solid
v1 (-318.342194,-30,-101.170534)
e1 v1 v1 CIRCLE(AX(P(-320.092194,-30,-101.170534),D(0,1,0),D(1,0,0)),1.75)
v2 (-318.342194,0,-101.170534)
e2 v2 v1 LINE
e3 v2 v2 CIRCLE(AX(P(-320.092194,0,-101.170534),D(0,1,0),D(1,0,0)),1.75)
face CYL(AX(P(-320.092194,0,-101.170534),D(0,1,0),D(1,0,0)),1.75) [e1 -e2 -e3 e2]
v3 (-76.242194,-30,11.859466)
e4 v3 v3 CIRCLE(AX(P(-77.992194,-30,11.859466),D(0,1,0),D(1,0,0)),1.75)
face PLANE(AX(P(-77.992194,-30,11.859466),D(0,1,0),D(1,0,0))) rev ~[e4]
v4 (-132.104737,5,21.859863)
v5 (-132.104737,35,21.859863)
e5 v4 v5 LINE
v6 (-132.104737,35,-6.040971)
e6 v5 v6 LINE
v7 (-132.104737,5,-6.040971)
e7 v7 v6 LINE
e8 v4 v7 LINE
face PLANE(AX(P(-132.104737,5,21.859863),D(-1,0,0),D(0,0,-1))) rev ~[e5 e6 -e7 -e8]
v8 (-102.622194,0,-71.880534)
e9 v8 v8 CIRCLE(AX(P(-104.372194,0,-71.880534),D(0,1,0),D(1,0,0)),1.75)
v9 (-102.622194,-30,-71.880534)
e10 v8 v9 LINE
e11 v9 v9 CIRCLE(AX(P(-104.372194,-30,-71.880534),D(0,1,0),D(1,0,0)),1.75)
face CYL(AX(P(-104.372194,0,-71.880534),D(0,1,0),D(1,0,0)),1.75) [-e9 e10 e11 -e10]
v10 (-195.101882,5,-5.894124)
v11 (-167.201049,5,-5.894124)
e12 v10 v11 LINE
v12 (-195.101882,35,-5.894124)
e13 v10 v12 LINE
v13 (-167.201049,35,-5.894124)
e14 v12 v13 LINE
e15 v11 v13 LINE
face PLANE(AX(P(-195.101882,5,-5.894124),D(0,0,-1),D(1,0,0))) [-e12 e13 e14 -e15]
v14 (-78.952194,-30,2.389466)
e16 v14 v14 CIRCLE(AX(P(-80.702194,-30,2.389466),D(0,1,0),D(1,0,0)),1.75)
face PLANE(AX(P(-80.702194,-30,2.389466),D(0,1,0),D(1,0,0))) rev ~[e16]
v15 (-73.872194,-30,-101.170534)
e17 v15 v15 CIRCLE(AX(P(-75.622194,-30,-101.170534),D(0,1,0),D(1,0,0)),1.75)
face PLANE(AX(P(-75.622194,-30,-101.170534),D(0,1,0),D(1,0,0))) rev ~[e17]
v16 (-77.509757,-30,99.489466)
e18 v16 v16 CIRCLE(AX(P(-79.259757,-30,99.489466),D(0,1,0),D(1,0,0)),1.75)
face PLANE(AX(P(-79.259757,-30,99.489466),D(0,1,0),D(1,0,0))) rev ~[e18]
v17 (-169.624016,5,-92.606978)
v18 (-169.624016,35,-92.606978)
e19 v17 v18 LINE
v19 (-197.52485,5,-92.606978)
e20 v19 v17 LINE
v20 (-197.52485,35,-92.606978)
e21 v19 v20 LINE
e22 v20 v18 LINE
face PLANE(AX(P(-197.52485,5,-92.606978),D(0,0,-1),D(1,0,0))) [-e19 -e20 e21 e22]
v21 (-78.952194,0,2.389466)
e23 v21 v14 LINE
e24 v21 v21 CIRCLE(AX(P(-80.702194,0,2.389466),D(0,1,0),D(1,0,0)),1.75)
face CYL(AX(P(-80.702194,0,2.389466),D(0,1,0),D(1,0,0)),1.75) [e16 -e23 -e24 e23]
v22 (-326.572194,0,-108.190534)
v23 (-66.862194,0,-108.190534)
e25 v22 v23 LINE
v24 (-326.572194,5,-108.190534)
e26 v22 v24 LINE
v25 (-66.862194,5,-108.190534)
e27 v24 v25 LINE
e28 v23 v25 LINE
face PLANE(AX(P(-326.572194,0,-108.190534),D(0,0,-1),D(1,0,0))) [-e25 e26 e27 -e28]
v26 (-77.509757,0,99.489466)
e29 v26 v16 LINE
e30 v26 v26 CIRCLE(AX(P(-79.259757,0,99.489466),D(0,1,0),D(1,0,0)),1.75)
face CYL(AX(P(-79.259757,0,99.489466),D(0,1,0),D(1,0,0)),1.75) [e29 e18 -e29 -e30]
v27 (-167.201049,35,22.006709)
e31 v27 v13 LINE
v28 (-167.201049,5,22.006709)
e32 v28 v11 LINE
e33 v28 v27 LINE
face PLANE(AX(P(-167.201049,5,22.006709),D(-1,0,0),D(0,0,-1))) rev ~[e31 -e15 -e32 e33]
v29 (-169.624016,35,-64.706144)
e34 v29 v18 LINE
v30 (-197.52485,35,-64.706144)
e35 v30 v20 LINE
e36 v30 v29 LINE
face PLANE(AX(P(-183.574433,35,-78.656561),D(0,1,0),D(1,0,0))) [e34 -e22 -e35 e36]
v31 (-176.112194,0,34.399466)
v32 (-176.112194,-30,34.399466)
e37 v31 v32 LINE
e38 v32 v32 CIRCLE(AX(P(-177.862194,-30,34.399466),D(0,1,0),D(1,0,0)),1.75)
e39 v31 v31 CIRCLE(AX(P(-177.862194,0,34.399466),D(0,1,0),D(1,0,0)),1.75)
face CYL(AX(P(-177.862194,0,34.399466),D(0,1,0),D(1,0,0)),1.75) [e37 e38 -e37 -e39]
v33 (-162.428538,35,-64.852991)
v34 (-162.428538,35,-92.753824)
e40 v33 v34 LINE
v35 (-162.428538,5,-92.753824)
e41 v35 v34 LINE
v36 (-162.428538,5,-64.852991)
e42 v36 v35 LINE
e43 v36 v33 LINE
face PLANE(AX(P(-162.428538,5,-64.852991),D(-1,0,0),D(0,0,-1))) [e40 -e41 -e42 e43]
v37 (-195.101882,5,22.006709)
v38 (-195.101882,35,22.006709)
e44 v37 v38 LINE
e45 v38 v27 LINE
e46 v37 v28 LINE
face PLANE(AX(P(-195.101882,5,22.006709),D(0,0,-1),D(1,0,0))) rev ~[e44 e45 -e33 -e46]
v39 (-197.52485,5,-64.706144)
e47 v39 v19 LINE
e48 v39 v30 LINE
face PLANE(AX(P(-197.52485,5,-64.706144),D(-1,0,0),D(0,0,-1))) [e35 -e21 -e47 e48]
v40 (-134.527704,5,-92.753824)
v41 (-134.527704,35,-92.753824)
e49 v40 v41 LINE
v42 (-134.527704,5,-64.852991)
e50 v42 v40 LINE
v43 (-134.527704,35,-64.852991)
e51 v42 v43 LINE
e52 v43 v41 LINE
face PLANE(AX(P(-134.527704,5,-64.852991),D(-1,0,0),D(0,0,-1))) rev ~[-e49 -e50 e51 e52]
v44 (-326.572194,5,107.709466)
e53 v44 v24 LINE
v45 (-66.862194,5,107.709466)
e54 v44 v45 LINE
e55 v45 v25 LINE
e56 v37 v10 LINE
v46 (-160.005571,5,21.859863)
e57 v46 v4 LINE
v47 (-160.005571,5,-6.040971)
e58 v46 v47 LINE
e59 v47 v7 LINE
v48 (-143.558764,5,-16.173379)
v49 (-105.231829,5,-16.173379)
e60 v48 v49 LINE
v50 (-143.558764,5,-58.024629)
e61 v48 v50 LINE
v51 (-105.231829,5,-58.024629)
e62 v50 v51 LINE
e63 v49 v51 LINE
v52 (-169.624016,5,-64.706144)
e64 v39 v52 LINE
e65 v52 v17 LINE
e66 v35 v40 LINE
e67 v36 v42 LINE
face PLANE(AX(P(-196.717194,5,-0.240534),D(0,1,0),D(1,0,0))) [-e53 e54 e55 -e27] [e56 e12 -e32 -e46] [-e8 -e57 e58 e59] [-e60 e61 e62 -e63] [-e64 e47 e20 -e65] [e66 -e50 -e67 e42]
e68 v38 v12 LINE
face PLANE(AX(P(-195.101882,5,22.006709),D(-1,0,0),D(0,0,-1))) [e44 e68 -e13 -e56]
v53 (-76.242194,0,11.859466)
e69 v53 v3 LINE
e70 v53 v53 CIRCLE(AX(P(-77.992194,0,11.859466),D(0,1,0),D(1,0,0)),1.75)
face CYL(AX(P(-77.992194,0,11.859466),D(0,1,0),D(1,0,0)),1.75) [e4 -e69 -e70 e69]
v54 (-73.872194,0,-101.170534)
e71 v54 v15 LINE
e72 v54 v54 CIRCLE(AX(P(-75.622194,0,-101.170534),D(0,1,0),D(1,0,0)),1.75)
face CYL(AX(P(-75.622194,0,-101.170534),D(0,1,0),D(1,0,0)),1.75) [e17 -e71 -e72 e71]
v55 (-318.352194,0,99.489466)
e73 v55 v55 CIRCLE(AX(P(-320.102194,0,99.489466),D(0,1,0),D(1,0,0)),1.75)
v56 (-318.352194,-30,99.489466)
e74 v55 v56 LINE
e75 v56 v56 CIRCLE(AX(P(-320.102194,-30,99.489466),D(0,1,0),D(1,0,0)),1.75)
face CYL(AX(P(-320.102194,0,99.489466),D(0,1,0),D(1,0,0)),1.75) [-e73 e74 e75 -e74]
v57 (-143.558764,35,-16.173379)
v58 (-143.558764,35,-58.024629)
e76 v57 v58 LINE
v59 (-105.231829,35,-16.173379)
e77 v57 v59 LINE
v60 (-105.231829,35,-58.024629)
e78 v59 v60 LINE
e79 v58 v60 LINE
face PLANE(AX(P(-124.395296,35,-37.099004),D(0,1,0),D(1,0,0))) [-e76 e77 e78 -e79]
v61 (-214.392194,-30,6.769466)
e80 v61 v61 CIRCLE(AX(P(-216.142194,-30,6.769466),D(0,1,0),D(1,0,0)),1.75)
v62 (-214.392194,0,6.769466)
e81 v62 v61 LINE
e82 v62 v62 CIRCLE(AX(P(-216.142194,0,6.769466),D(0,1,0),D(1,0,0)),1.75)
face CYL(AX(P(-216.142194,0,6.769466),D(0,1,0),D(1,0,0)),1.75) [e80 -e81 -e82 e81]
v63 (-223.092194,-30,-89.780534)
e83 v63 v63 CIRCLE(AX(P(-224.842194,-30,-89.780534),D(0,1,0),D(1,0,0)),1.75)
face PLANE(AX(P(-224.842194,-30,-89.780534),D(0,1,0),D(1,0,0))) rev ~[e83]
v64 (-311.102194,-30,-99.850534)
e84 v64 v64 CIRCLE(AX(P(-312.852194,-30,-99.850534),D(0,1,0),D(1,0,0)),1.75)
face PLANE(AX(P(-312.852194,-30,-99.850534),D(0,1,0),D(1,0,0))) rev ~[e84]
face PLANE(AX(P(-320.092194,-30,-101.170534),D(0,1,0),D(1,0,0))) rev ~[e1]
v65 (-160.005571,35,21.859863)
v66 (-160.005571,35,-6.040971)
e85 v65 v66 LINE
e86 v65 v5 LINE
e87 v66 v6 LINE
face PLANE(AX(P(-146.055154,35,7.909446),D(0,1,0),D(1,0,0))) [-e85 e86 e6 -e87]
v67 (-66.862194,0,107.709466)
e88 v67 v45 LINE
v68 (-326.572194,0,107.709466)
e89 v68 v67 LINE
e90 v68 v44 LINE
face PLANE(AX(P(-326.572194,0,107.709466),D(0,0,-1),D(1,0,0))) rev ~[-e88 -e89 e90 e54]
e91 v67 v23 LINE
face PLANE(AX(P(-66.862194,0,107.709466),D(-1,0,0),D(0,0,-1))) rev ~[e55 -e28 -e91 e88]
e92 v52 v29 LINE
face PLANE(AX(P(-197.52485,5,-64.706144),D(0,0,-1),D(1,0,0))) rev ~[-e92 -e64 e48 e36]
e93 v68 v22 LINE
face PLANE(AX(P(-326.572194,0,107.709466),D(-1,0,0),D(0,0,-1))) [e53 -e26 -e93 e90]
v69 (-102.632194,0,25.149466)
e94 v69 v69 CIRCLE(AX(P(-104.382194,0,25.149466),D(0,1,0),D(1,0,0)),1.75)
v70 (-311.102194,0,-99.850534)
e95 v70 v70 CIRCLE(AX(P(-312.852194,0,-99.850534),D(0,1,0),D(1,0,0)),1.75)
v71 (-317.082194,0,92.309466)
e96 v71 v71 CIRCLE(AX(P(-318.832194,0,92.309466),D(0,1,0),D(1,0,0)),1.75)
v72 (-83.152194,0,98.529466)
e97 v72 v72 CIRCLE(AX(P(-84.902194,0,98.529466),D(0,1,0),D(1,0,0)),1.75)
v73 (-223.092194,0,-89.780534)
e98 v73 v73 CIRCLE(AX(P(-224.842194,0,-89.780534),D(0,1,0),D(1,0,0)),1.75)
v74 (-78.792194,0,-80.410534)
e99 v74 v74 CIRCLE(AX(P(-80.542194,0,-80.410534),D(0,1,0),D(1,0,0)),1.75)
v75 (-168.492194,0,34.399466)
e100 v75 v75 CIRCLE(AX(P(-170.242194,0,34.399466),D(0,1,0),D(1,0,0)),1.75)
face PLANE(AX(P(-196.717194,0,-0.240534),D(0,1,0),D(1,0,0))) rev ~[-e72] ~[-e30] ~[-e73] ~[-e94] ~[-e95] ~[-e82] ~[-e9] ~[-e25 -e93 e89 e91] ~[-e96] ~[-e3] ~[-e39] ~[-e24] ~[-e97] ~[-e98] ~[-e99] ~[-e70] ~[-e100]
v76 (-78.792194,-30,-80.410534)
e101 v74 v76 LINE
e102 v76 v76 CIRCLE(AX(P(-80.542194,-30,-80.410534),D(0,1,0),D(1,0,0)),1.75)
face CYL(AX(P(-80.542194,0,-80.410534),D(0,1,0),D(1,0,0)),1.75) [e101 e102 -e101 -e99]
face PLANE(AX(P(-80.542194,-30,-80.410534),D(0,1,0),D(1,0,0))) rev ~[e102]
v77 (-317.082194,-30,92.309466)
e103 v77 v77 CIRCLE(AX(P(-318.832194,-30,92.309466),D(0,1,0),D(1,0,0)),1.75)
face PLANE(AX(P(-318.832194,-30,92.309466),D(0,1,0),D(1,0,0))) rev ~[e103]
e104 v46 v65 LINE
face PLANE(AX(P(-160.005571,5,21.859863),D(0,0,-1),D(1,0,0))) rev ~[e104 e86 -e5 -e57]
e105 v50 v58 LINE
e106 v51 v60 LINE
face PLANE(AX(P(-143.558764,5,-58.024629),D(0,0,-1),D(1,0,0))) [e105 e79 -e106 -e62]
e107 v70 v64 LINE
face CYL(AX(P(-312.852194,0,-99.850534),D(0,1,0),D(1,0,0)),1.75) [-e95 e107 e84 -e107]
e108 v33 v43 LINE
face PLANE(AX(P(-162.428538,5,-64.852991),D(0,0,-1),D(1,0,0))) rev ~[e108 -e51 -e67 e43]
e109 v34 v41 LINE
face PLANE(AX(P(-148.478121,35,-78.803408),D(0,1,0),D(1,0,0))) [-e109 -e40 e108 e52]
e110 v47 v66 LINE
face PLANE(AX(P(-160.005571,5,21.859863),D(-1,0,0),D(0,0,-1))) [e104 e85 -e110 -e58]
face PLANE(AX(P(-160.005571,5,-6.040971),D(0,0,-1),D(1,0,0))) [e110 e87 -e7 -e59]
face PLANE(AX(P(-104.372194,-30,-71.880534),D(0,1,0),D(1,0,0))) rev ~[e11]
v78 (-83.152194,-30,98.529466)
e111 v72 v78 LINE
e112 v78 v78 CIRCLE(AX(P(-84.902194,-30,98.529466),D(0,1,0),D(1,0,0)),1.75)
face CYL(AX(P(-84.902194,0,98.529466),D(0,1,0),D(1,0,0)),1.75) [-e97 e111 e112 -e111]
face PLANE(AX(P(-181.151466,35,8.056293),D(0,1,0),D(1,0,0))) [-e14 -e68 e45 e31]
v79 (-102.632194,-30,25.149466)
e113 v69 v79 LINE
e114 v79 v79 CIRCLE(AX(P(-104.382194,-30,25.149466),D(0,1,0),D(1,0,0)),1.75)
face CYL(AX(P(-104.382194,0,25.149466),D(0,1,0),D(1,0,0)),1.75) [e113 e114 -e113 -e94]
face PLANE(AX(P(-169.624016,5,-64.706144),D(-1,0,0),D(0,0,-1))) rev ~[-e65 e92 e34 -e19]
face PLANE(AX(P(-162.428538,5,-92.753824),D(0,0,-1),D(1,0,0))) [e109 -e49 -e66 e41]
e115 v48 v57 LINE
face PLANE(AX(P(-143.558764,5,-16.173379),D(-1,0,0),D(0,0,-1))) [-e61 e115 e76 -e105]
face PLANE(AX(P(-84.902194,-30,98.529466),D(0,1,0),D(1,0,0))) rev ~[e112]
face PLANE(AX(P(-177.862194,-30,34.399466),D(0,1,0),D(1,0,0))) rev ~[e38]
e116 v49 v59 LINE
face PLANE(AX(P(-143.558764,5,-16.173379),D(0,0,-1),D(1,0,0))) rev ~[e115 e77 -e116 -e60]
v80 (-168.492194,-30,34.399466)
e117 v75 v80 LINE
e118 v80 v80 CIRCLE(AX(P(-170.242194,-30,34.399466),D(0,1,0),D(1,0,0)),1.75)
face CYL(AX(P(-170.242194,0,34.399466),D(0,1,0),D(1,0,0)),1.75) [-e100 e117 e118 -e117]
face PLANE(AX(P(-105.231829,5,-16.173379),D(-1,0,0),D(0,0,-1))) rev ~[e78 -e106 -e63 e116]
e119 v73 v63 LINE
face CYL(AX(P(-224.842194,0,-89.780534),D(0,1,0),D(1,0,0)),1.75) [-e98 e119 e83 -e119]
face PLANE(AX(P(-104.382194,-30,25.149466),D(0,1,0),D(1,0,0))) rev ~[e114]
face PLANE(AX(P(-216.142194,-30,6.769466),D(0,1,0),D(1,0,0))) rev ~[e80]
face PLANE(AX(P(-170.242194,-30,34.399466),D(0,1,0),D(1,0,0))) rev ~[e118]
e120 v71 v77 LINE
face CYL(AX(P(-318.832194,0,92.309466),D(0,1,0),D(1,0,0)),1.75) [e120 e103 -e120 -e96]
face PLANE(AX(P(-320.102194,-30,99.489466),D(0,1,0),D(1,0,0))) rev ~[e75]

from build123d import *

# Parameters (mm, degrees)
SKETCH2_W           = 259.71
SKETCH2_H           = 215.9
BOSS_EXTRUDE1_DEPTH = 5
SKETCH1_R           = 1.75
BOSS_EXTRUDE2_DEPTH = 30
FANS_W              = 27.900833557
FANS_H              = 27.900833558
FANS_W_2            = 38.326934518
FANS_H_2            = 41.851250335
FANS_H_3            = 27.900833557
BOSS_EXTRUDE3_DEPTH = 30


with BuildPart() as part:
    # Sketch2 → Boss-Extrude1 (new body)
    with BuildSketch(Plane(origin=(0, 0, 0), x_dir=(1, 0, 0), z_dir=(0, 1, 0))):
        with Locations((-196.717193813, 0.240534117)):
            Rectangle(SKETCH2_W, SKETCH2_H)
    extrude(amount=BOSS_EXTRUDE1_DEPTH)

    # Sketch1 → Boss-Extrude2 (add)
    with BuildSketch(Plane(origin=(0, 0, 0), x_dir=(1, 0, 0), z_dir=(0, 1, 0))):
        with Locations((-320.092193813, 101.170534117)):
            Circle(SKETCH1_R)
        with Locations((-312.852193813, 99.850534117)):
            Circle(SKETCH1_R)
        with Locations((-318.832193813, -92.309465883)):
            Circle(SKETCH1_R)
        with Locations((-320.102193813, -99.489465883)):
            Circle(SKETCH1_R)
        with Locations((-177.862193813, -34.399465883)):
            Circle(SKETCH1_R)
        with Locations((-170.242193813, -34.399465883)):
            Circle(SKETCH1_R)
        with Locations((-104.382193813, -25.149465883)):
            Circle(SKETCH1_R)
        with Locations((-216.142193813, -6.769465883)):
            Circle(SKETCH1_R)
        with Locations((-77.992193813, -11.859465883)):
            Circle(SKETCH1_R)
        with Locations((-80.702193813, -2.389465883)):
            Circle(SKETCH1_R)
        with Locations((-84.902193813, -98.529465883)):
            Circle(SKETCH1_R)
        with Locations((-79.259756914, -99.489465883)):
            Circle(SKETCH1_R)
        with Locations((-104.372193813, 71.880534117)):
            Circle(SKETCH1_R)
        with Locations((-80.542193813, 80.410534117)):
            Circle(SKETCH1_R)
        with Locations((-75.622193813, 101.170534117)):
            Circle(SKETCH1_R)
        with Locations((-224.842193813, 89.780534117)):
            Circle(SKETCH1_R)
    extrude(amount=-BOSS_EXTRUDE2_DEPTH)

    # fans → Boss-Extrude3 (add)
    with BuildSketch(Plane(origin=(0, 5, 0), x_dir=(1, 0, 0), z_dir=(0, 1, 0))):
        with Locations((-146.055153933, -7.909446212)):
            Rectangle(FANS_W, FANS_H)
        with Locations((-124.395296303, 37.09900371)):
            Rectangle(FANS_W_2, FANS_H_2)
        with Locations((-181.151465618, -8.056292705)):
            Rectangle(FANS_W, FANS_H_3)
        with Locations((-148.478121058, 78.803407554)):
            Rectangle(FANS_W, FANS_H_3)
        with Locations((-183.574432743, 78.656561061)):
            Rectangle(FANS_W, FANS_H_3)
    extrude(amount=BOSS_EXTRUDE3_DEPTH)


solid = part.part
